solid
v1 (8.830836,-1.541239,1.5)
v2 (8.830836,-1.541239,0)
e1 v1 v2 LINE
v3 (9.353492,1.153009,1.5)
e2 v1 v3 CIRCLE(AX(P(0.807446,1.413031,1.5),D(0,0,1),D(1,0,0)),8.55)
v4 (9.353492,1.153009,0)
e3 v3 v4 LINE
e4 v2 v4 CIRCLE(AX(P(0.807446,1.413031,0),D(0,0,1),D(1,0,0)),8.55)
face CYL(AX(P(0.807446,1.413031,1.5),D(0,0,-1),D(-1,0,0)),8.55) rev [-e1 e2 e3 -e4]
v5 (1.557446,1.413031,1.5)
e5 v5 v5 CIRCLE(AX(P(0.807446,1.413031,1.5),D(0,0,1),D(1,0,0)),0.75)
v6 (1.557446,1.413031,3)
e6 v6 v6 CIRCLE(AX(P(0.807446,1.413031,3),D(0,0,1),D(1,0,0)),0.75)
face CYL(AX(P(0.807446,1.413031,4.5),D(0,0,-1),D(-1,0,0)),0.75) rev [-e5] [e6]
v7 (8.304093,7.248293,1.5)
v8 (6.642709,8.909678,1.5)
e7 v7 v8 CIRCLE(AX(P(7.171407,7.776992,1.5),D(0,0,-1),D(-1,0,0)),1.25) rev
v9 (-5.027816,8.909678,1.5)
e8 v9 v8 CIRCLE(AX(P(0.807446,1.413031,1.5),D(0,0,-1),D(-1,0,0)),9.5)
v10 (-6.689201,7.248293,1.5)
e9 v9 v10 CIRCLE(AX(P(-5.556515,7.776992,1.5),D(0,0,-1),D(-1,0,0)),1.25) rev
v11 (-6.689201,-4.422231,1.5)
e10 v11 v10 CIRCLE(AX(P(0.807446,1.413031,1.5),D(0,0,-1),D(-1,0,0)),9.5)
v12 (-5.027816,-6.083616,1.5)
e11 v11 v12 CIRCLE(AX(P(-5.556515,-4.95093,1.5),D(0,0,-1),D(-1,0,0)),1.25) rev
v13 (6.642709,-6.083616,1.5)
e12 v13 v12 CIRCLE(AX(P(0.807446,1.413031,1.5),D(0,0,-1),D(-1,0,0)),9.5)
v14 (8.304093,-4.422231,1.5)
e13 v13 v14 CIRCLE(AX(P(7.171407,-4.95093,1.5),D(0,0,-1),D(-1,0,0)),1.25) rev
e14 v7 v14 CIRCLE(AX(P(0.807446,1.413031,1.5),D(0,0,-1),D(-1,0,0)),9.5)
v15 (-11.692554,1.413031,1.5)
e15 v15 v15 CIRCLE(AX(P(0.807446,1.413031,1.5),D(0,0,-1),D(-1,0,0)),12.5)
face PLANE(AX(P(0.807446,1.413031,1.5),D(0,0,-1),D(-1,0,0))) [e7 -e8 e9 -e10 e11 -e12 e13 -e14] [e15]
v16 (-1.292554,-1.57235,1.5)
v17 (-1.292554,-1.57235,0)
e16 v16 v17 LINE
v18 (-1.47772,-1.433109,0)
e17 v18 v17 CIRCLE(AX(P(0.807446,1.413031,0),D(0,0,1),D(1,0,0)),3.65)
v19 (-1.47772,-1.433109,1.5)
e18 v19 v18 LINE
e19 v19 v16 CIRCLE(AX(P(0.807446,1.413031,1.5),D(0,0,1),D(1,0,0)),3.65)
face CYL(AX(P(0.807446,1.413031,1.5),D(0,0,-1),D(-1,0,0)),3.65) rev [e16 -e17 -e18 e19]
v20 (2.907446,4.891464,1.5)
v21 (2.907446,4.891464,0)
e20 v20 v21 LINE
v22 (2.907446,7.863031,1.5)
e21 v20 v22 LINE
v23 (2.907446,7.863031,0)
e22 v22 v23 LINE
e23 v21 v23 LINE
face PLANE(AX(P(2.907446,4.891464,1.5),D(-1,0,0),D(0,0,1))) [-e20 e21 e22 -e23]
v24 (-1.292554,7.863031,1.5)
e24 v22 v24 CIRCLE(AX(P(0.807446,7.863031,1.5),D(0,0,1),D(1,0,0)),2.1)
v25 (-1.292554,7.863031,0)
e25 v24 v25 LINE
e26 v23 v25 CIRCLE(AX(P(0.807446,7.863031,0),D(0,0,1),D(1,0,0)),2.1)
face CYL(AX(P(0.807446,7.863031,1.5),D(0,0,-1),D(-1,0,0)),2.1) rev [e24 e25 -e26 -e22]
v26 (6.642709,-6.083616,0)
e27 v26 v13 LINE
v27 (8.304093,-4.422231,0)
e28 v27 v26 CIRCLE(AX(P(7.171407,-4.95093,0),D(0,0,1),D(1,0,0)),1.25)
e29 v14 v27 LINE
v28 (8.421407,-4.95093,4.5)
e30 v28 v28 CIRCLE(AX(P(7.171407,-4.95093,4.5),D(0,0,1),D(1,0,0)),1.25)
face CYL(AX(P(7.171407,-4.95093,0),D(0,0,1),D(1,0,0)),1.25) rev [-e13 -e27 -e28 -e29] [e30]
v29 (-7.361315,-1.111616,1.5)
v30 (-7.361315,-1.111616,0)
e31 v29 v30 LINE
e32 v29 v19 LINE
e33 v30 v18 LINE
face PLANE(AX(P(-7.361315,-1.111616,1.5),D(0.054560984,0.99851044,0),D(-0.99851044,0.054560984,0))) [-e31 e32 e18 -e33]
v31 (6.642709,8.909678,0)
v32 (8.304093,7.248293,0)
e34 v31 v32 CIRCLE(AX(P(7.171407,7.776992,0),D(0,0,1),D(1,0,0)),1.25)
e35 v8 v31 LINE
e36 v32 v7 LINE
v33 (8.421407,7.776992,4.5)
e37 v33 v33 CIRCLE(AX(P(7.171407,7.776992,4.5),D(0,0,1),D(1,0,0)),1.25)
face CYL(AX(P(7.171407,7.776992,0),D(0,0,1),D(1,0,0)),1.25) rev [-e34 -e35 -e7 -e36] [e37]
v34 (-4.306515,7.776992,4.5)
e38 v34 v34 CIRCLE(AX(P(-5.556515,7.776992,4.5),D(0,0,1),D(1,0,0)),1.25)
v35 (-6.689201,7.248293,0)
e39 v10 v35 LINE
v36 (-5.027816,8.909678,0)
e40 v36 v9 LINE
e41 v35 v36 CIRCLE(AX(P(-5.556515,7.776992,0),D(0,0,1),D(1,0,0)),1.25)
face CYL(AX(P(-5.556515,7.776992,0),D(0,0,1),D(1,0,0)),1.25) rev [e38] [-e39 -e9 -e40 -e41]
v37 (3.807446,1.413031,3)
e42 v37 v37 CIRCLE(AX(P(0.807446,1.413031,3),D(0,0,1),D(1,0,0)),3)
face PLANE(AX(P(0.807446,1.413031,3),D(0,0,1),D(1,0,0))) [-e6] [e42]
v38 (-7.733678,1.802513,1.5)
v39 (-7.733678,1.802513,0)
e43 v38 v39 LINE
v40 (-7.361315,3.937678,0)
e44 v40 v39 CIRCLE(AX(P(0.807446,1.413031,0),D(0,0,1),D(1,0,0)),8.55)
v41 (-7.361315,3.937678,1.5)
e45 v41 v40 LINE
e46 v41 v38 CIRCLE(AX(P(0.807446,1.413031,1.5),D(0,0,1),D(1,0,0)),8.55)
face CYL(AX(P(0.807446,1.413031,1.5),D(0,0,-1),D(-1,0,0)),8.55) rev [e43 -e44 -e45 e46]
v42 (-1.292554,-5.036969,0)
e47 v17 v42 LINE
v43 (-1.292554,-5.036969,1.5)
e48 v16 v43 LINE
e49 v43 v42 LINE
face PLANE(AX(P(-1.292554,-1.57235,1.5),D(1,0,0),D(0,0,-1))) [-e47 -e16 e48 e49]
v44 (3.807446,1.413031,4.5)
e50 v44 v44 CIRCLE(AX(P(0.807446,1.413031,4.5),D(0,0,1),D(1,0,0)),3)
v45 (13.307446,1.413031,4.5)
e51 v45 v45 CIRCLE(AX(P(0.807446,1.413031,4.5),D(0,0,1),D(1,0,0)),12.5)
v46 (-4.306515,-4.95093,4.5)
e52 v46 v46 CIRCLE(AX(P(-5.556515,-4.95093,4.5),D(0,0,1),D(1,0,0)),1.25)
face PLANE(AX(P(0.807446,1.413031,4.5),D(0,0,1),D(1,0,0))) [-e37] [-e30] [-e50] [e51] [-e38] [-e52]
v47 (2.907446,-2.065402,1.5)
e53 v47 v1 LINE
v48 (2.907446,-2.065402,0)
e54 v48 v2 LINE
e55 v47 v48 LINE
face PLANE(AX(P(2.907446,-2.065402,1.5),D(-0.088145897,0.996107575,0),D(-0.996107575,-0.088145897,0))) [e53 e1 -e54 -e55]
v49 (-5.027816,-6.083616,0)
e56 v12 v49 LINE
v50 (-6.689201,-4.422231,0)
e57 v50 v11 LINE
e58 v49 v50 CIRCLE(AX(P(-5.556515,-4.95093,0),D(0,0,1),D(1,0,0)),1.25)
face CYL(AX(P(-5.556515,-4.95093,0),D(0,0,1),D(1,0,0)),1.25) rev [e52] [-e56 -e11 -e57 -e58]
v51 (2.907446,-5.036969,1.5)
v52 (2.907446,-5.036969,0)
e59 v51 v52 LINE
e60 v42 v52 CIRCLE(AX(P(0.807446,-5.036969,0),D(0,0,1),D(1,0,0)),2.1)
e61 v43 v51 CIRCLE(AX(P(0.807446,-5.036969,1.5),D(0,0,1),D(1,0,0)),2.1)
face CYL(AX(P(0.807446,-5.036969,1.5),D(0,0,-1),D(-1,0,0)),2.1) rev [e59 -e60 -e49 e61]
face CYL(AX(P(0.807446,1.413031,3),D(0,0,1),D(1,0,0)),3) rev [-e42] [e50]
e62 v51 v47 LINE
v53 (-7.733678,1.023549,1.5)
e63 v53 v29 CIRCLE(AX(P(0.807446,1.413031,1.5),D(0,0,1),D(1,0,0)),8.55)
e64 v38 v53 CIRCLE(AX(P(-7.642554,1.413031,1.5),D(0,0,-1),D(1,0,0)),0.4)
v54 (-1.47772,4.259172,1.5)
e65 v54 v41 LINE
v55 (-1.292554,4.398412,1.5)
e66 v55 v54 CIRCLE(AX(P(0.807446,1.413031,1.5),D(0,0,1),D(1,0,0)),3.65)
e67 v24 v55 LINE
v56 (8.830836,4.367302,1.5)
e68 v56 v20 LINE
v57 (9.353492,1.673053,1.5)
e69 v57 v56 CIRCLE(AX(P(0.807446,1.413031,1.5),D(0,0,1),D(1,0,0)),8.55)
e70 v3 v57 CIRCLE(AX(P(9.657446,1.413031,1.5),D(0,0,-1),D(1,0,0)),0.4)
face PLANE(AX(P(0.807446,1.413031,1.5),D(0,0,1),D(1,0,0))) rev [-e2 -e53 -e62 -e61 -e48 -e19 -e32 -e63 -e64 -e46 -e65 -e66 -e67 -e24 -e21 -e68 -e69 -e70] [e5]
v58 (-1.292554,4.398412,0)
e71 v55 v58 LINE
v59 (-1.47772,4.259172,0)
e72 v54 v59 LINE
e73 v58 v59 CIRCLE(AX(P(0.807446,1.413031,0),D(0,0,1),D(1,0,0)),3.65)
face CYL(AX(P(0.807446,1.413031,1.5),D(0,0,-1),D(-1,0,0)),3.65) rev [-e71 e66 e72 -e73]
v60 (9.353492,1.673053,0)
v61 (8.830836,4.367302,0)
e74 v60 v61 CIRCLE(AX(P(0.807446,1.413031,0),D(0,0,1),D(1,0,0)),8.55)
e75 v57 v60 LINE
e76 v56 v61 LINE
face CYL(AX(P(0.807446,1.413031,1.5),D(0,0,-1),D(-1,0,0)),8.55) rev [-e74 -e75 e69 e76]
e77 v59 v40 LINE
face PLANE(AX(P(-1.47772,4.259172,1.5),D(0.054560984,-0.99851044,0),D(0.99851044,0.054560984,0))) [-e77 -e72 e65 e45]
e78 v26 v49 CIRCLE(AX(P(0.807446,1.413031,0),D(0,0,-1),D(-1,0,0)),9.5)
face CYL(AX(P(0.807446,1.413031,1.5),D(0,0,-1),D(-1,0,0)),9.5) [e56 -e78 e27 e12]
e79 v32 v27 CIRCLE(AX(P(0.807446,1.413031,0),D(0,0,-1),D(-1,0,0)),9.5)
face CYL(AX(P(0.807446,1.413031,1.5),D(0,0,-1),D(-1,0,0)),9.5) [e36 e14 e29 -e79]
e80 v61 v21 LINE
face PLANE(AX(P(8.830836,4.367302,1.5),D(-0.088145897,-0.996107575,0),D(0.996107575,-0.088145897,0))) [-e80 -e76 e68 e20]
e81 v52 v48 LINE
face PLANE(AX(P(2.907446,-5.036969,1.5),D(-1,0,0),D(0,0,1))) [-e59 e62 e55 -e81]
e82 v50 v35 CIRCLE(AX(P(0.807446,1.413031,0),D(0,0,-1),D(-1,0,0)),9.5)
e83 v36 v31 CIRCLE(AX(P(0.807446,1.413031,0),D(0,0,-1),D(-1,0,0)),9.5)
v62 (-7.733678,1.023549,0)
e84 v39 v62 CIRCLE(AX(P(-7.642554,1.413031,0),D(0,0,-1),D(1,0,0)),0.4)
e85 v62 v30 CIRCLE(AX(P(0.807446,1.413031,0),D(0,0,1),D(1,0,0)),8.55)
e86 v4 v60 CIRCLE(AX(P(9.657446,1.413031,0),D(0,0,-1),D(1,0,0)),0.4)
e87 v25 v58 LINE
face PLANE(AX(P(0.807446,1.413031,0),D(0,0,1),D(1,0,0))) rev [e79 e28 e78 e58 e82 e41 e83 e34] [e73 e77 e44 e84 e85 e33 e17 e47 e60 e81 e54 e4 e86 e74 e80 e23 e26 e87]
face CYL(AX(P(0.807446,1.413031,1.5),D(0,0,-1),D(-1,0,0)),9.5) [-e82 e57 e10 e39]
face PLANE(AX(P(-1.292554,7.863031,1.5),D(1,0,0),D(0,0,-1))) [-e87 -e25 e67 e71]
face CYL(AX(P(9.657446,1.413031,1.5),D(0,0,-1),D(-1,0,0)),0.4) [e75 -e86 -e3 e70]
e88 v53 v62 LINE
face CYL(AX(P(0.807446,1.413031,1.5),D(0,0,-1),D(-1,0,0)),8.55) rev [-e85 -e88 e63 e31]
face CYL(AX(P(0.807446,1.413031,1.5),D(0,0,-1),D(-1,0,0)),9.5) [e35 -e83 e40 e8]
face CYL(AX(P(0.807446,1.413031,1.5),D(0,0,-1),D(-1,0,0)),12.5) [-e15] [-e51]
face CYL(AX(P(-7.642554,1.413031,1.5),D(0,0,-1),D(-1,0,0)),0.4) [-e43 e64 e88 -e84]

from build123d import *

# Parameters (mm, degrees)
SKETCH1_R           = 12.5
BOSS_EXTRUDE1_DEPTH = 1.5
SKETCH2_R           = 12.5
SKETCH2_R_2         = 0.75
BOSS_EXTRUDE2_DEPTH = 3
SKETCH3_R           = 1.25
CUT_EXTRUDE1_DEPTH  = 20.771458422
SKETCH4_R           = 12.5
SKETCH4_R_2         = 9.5
CUT_EXTRUDE2_DEPTH  = 1.5
SKETCH5_R           = 3
CUT_EXTRUDE3_DEPTH  = 1.5


with BuildPart() as part:
    # Sketch1 → Boss-Extrude1 (new body)
    with BuildSketch(Plane.XY):
        with Locations((0.807446417, 1.413031229)):
            Circle(SKETCH1_R)
        with BuildLine():
            Line((2.907446417, -2.065401928), (8.830836384, -1.541239144))
            ThreePointArc((8.830836384, -1.541239144), (9.200973023, -0.215222775), (9.353491615, 1.153009157))
            ThreePointArc((9.353491615, 1.153009157), (9.257446417, 1.413031229), (9.353491615, 1.673053302))
            ThreePointArc((9.353491615, 1.673053302), (9.200973023, 3.041285234), (8.830836384, 4.367301602))
            Line((8.830836384, 4.367301602), (2.907446417, 4.891464387))
            Line((2.907446417, 4.891464387), (2.907446417, 7.863031229))
            ThreePointArc((2.907446417, 7.863031229), (0.807446417, 9.963031229), (-1.292553583, 7.863031229))
            Line((-1.292553583, 7.863031229), (-1.292553583, 4.398412277))
            ThreePointArc((-1.292553583, 4.398412277), (-1.386241751, 4.330261461), (-1.477719845, 4.259171626))
            Line((-1.477719845, 4.259171626), (-7.361314725, 3.937678018))
            ThreePointArc((-7.361314725, 3.937678018), (-7.615427173, 2.881942556), (-7.733677844, 1.80251341))
            ThreePointArc((-7.733677844, 1.80251341), (-7.242553583, 1.413031229), (-7.733677844, 1.023549049))
            ThreePointArc((-7.733677844, 1.023549049), (-7.615427173, -0.055880097), (-7.361314725, -1.11161556))
            Line((-7.361314725, -1.11161556), (-1.477719845, -1.433109167))
            ThreePointArc((-1.477719845, -1.433109167), (-1.386241751, -1.504199002), (-1.292553583, -1.572349818))
            Line((-1.292553583, -1.572349818), (-1.292553583, -5.036968771))
            ThreePointArc((-1.292553583, -5.036968771), (0.807446417, -7.136968771), (2.907446417, -5.036968771))
            Line((2.907446417, -5.036968771), (2.907446417, -2.065401928))
        make_face(mode=Mode.SUBTRACT)
    extrude(amount=BOSS_EXTRUDE1_DEPTH)

    # Sketch2 → Boss-Extrude2 (add)
    with BuildSketch(Plane.XY.offset(1.5)):
        with Locations((0.807446417, 1.413031229)):
            Circle(SKETCH2_R)
        with Locations((0.807446417, 1.413031229)):
            Circle(SKETCH2_R_2, mode=Mode.SUBTRACT)
    extrude(amount=BOSS_EXTRUDE2_DEPTH)

    # Sketch3 → Cut-Extrude1 (cut, through all)
    with BuildSketch(Plane.XY.offset(4.5)):
        with Locations((7.171407447, 7.77699226)):
            Circle(SKETCH3_R)
        with Locations((7.171407447, -4.950929801)):
            Circle(SKETCH3_R)
        with Locations((-5.556514614, -4.950929801)):
            Circle(SKETCH3_R)
        with Locations((-5.556514614, 7.77699226)):
            Circle(SKETCH3_R)
    extrude(amount=-CUT_EXTRUDE1_DEPTH, mode=Mode.SUBTRACT)

    # Sketch4 → Cut-Extrude2 (cut)
    with BuildSketch(Plane(origin=(0, 0, 0), x_dir=(-1, 0, 0), z_dir=(0, 0, -1))):
        with Locations((-0.807446417, 1.413031229)):
            Circle(SKETCH4_R)
        with Locations((-0.807446417, 1.413031229)):
            Circle(SKETCH4_R_2, mode=Mode.SUBTRACT)
    extrude(amount=-CUT_EXTRUDE2_DEPTH, mode=Mode.SUBTRACT)

    # Sketch5 → Cut-Extrude3 (cut)
    with BuildSketch(Plane.XY.offset(4.5)):
        with Locations((0.807446417, 1.413031229)):
            Circle(SKETCH5_R)
    extrude(amount=-CUT_EXTRUDE3_DEPTH, mode=Mode.SUBTRACT)


solid = part.part
